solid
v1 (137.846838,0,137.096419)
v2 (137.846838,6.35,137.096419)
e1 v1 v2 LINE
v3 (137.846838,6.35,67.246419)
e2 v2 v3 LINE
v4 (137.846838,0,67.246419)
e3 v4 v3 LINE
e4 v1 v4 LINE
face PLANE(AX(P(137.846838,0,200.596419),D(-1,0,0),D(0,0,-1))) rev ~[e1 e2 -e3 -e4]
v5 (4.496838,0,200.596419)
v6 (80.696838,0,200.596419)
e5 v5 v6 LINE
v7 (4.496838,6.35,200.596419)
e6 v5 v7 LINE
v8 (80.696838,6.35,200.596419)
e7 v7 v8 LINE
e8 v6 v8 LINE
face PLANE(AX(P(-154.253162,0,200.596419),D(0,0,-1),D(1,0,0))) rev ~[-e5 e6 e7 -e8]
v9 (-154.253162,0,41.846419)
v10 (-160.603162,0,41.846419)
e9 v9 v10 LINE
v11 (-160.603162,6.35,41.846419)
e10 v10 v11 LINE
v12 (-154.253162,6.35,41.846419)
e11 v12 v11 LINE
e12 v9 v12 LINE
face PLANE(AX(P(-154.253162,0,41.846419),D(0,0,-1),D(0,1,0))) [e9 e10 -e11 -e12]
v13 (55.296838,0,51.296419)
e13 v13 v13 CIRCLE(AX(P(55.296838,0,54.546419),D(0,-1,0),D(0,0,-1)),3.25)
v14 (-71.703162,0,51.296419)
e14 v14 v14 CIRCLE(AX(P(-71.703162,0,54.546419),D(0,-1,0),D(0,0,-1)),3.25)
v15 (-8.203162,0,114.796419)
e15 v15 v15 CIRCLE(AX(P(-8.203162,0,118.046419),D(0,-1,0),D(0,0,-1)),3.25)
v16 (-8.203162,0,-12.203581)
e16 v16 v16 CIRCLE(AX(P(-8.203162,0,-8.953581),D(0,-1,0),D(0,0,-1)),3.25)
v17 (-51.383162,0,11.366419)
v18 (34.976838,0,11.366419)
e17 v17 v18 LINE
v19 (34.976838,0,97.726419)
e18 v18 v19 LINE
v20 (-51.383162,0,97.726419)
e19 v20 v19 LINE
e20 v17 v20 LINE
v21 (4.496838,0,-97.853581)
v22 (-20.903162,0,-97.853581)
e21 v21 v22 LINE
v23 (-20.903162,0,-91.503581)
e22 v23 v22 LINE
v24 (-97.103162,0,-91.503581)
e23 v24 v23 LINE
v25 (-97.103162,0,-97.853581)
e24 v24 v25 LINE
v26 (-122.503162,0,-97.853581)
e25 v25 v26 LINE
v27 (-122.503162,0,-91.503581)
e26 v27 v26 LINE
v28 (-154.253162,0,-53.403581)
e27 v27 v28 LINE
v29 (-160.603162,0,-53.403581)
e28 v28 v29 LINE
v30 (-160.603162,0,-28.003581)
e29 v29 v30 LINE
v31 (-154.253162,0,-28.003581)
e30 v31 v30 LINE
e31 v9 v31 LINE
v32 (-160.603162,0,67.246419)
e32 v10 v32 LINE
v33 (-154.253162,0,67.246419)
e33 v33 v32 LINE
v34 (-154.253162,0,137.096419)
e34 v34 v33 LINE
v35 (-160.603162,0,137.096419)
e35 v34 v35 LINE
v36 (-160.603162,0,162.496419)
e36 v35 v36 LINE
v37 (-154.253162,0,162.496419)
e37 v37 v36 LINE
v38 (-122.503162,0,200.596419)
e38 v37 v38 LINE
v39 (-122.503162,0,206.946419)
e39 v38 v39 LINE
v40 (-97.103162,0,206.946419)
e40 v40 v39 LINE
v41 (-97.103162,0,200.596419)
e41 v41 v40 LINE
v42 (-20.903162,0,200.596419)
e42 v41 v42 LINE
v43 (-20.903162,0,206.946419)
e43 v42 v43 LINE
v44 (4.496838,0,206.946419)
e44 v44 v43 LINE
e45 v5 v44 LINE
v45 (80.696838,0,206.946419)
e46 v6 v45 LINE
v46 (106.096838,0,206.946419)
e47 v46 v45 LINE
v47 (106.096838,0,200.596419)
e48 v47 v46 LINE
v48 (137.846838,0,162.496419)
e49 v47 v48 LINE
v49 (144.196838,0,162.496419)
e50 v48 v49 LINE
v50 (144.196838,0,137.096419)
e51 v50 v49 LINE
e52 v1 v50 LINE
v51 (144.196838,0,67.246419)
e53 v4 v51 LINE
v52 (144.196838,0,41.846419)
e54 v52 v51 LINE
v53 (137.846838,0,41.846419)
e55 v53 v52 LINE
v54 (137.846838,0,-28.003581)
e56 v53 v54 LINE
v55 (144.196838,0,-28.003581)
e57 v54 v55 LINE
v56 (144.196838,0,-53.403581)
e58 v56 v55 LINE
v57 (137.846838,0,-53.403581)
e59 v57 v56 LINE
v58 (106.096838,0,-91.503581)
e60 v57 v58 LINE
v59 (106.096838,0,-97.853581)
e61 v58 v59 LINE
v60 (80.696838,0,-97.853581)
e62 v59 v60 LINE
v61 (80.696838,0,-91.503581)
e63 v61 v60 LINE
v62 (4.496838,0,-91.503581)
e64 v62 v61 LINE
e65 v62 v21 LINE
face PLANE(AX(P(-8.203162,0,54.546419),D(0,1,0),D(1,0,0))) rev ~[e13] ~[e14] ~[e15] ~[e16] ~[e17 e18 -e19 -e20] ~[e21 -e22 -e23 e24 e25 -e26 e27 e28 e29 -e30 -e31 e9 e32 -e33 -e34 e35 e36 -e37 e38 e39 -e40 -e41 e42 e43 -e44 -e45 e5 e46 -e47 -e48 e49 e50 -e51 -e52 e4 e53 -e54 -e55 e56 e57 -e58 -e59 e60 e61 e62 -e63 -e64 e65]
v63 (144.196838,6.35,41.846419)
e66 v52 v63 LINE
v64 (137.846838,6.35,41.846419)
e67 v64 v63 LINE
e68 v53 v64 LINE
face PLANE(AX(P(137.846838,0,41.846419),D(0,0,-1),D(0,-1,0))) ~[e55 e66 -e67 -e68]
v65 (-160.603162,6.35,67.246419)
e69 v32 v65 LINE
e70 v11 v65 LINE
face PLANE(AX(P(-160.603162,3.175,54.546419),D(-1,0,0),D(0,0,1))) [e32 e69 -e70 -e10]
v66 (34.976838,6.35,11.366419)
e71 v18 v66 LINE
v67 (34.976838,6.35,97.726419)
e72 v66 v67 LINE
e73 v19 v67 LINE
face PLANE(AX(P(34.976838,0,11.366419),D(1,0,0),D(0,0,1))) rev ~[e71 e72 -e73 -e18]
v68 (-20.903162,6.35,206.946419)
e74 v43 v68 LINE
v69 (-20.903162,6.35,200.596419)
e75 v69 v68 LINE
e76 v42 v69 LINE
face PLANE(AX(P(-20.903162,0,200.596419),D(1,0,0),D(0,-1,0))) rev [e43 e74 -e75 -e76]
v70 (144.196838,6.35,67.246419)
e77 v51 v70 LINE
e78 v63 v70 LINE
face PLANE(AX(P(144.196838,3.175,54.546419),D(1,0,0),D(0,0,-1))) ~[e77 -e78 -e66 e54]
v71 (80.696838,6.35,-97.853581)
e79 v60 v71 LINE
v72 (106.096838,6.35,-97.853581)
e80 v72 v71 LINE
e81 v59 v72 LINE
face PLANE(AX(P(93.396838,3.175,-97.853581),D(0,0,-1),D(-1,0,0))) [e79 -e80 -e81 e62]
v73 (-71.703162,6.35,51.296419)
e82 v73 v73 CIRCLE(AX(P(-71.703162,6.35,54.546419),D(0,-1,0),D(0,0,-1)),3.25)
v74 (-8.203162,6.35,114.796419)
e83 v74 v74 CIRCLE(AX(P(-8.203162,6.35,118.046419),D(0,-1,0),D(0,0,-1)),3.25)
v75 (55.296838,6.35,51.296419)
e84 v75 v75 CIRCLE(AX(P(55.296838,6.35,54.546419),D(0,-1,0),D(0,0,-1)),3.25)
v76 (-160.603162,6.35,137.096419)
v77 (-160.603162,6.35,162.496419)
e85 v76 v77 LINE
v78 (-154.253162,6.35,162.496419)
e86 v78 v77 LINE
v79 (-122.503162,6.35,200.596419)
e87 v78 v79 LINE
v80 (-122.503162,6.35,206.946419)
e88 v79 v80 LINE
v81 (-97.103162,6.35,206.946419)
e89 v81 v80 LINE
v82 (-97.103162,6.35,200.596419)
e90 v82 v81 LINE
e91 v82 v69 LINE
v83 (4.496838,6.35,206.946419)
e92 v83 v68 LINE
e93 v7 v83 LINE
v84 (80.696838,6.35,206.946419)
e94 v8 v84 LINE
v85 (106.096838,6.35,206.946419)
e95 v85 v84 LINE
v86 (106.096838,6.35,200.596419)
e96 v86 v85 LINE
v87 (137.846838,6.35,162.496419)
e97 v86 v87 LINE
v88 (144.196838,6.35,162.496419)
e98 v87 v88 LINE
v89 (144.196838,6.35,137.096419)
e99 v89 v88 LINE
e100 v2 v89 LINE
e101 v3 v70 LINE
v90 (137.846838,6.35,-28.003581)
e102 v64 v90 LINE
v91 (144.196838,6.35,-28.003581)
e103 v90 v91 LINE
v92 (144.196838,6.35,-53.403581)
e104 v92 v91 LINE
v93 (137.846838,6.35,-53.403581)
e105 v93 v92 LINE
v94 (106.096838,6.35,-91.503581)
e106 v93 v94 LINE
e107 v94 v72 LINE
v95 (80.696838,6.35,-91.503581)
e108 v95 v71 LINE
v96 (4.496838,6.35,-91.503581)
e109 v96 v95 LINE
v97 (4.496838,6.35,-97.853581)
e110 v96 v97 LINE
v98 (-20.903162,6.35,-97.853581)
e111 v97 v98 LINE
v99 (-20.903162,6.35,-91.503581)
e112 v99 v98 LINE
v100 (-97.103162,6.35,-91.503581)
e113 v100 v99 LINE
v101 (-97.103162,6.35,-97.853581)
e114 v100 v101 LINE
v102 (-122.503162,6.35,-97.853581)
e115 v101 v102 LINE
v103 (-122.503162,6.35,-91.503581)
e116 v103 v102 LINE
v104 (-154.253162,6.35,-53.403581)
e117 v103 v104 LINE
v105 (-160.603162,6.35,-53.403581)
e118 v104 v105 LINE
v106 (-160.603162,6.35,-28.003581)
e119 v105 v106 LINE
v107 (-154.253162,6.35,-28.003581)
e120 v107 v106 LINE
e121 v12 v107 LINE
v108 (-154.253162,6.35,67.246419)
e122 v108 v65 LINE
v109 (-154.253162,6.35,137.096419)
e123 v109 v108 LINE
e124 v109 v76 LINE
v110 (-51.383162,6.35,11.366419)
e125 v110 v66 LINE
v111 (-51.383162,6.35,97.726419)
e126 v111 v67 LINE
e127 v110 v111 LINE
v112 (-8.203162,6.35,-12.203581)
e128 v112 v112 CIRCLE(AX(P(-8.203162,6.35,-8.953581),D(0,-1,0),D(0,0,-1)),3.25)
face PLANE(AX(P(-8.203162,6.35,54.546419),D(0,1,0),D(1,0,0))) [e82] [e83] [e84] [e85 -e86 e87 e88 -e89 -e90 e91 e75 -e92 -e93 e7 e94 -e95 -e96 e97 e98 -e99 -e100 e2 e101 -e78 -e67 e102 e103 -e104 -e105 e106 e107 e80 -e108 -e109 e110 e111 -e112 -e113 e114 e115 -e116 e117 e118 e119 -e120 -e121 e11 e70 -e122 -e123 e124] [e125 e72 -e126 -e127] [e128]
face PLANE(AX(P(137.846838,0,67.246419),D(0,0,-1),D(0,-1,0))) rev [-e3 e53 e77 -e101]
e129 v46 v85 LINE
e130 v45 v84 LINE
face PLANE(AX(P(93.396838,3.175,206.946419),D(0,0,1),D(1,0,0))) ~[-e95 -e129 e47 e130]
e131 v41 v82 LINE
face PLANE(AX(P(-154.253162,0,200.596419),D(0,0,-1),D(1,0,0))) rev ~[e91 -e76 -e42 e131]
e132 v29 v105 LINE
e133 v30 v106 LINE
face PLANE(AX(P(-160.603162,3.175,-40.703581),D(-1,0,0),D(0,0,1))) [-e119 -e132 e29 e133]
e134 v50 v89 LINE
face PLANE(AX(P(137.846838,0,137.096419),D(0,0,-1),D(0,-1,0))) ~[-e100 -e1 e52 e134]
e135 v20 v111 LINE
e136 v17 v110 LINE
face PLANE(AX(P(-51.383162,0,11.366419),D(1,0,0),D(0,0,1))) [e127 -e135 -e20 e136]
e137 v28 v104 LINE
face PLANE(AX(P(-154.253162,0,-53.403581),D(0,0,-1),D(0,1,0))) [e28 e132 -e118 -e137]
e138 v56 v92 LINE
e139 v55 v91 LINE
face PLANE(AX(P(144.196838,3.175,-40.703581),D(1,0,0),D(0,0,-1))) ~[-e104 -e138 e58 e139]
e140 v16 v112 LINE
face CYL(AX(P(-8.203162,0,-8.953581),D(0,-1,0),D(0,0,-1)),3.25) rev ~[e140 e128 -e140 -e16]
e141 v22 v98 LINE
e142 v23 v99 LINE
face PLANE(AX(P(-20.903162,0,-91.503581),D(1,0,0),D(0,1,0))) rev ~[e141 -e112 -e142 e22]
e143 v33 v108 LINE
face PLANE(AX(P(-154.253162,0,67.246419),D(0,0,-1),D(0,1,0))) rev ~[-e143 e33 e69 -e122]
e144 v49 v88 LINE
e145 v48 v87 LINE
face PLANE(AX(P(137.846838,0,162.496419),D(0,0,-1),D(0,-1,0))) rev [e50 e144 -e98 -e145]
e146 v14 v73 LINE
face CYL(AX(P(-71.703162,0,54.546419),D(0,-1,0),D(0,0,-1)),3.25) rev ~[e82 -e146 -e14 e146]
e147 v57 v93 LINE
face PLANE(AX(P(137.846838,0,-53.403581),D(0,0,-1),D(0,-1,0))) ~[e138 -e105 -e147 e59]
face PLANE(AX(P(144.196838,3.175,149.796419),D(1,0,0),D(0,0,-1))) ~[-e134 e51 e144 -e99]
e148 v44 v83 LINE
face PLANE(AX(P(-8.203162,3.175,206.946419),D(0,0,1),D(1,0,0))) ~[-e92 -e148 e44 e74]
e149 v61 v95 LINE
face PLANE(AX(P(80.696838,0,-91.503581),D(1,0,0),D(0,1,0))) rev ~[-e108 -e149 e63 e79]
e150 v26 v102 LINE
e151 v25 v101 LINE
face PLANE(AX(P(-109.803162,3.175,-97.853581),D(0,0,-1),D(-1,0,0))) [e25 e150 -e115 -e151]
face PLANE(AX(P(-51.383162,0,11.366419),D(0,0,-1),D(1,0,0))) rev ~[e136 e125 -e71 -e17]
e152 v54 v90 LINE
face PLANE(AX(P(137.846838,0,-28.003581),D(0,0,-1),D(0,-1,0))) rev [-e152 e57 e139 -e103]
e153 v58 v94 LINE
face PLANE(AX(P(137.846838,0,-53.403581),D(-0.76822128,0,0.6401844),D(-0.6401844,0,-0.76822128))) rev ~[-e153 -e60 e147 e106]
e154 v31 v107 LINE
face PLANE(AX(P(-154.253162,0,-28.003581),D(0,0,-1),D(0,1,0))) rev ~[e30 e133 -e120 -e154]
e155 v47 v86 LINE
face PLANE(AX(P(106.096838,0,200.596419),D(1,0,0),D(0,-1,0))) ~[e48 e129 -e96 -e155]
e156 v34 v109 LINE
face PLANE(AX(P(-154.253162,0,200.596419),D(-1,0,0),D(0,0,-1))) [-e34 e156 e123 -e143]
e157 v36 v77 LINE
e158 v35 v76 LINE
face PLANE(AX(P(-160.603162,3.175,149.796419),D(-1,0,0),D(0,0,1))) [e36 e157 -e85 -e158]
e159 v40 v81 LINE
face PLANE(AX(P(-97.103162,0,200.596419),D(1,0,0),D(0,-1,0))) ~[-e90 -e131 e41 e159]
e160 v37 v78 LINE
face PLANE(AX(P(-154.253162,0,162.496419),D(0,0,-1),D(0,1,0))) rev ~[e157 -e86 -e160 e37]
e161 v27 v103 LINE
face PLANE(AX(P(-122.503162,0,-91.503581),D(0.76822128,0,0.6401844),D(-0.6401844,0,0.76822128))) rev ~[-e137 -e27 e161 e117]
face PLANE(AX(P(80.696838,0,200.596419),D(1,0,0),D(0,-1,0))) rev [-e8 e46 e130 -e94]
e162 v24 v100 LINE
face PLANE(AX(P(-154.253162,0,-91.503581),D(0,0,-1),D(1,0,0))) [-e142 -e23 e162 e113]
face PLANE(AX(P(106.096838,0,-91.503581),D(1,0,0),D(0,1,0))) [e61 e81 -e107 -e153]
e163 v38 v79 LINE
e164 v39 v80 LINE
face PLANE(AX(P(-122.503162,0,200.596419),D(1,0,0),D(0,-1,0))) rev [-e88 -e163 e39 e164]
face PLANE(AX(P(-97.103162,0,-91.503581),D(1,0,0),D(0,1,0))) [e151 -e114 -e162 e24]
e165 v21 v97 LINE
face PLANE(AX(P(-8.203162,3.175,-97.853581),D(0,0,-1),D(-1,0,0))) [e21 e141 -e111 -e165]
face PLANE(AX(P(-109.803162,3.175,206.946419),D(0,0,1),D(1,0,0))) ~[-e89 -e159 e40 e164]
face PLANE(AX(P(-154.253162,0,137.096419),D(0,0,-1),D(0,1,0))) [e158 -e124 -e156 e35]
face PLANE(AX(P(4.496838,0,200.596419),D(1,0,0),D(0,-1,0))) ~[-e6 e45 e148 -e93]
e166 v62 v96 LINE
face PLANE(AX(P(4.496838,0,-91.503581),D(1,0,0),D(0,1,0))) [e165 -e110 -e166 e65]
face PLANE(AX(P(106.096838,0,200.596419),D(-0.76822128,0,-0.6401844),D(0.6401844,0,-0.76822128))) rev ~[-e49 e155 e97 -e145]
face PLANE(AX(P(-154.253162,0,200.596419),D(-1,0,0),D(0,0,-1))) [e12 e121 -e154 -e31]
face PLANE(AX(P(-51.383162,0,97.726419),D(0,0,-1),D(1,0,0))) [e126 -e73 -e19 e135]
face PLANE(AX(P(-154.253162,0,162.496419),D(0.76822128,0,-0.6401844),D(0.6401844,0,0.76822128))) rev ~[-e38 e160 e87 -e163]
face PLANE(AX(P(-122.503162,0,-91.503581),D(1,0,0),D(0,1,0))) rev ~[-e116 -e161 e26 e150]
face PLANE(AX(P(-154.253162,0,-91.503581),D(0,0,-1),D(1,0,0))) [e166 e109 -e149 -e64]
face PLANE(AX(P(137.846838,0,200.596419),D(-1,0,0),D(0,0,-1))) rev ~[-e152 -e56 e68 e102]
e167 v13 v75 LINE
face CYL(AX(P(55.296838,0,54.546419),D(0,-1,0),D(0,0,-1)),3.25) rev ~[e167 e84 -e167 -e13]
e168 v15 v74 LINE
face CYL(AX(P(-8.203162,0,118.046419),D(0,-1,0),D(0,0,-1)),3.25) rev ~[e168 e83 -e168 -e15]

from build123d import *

# Parameters (mm, degrees)
SKETCH1_W           = 292.1
SKETCH1_H           = 292.1
BOSS_EXTRUDE1_DEPTH = 6.35
SKETCH3_W           = 25.4
SKETCH3_H           = 6.35
BOSS_EXTRUDE2_DEPTH = 6.35
SKETCH4_W           = 25.4
SKETCH4_H           = 6.35
BOSS_EXTRUDE3_DEPTH = 6.35
SKETCH5_R           = 3.25
SKETCH5_W           = 86.36
SKETCH5_H           = 86.36
CUT_EXTRUDE1_DEPTH  = 6.35


with BuildPart() as part:
    # Sketch1 → Boss-Extrude1 (new body)
    with BuildSketch(Plane(origin=(0, 0, 0), x_dir=(1, 0, 0), z_dir=(0, 1, 0))):
        with Locations((-8.203162495, -54.546418503)):
            Rectangle(SKETCH1_W, SKETCH1_H)
    extrude(amount=BOSS_EXTRUDE1_DEPTH)

    # Sketch3 → Boss-Extrude2 (add)
    with BuildSketch(Plane.ZY.offset(154.253162495)):
        with Locations((-40.703581497, 3.175)):
            Rectangle(SKETCH3_W, SKETCH3_H)
        with Locations((149.796418503, 3.175)):
            Rectangle(SKETCH3_W, SKETCH3_H)
        with Locations((54.546418503, 3.175)):
            Rectangle(SKETCH3_W, SKETCH3_H)
    boss_extrude2 = extrude(amount=BOSS_EXTRUDE2_DEPTH)

    # Mirror1: Boss-Extrude2 across plane
    add(boss_extrude2.mirror(Plane.ZY.offset(8.203162495)))

    # Sketch4 → Boss-Extrude3 (add)
    with BuildSketch(Plane(origin=(0, 0, -91.503581497), x_dir=(-1, 0, 0), z_dir=(0, 0, -1))):
        with Locations((-93.396837505, 3.175)):
            Rectangle(SKETCH4_W, SKETCH4_H)
        with Locations((109.803162495, 3.175)):
            Rectangle(SKETCH4_W, SKETCH4_H)
        with Locations((8.203162495, 3.175)):
            Rectangle(SKETCH4_W, SKETCH4_H)
    boss_extrude3 = extrude(amount=BOSS_EXTRUDE3_DEPTH)

    # Mirror2: Boss-Extrude3 across plane
    add(boss_extrude3.mirror(Plane.XY.offset(54.546418503)))

    # Sketch5 → Cut-Extrude1 (cut)
    with BuildSketch(Plane.XZ):
        with Locations(Location((-8.203162495, 118.046418503, 0), (0, 0, 270))):
            Circle(SKETCH5_R)
        with Locations(Location((55.296837505, 54.546418503, 0), (0, 0, 270))):
            Circle(SKETCH5_R)
        with Locations(Location((-8.203162495, -8.953581497, 0), (0, 0, 270))):
            Circle(SKETCH5_R)
        with Locations(Location((-71.703162495, 54.546418503, 0), (0, 0, 270))):
            Circle(SKETCH5_R)
        with Locations((-8.203162495, 54.546418503)):
            Rectangle(SKETCH5_W, SKETCH5_H)
        Polygon((106.096837505, 200.596418503), (137.846837505, 162.496418503), (137.846837505, 200.596418503), align=None)
        Polygon((-122.503162495, 200.596418503), (-154.253162495, 200.596418503), (-154.253162495, 162.496418503), align=None)
        Polygon((-154.253162495, -53.403581497), (-154.253162495, -91.503581497), (-122.503162495, -91.503581497), align=None)
        Polygon((106.096837505, -91.503581497), (137.846837505, -91.503581497), (137.846837505, -53.403581497), align=None)
    extrude(amount=-CUT_EXTRUDE1_DEPTH, mode=Mode.SUBTRACT)


solid = part.part
